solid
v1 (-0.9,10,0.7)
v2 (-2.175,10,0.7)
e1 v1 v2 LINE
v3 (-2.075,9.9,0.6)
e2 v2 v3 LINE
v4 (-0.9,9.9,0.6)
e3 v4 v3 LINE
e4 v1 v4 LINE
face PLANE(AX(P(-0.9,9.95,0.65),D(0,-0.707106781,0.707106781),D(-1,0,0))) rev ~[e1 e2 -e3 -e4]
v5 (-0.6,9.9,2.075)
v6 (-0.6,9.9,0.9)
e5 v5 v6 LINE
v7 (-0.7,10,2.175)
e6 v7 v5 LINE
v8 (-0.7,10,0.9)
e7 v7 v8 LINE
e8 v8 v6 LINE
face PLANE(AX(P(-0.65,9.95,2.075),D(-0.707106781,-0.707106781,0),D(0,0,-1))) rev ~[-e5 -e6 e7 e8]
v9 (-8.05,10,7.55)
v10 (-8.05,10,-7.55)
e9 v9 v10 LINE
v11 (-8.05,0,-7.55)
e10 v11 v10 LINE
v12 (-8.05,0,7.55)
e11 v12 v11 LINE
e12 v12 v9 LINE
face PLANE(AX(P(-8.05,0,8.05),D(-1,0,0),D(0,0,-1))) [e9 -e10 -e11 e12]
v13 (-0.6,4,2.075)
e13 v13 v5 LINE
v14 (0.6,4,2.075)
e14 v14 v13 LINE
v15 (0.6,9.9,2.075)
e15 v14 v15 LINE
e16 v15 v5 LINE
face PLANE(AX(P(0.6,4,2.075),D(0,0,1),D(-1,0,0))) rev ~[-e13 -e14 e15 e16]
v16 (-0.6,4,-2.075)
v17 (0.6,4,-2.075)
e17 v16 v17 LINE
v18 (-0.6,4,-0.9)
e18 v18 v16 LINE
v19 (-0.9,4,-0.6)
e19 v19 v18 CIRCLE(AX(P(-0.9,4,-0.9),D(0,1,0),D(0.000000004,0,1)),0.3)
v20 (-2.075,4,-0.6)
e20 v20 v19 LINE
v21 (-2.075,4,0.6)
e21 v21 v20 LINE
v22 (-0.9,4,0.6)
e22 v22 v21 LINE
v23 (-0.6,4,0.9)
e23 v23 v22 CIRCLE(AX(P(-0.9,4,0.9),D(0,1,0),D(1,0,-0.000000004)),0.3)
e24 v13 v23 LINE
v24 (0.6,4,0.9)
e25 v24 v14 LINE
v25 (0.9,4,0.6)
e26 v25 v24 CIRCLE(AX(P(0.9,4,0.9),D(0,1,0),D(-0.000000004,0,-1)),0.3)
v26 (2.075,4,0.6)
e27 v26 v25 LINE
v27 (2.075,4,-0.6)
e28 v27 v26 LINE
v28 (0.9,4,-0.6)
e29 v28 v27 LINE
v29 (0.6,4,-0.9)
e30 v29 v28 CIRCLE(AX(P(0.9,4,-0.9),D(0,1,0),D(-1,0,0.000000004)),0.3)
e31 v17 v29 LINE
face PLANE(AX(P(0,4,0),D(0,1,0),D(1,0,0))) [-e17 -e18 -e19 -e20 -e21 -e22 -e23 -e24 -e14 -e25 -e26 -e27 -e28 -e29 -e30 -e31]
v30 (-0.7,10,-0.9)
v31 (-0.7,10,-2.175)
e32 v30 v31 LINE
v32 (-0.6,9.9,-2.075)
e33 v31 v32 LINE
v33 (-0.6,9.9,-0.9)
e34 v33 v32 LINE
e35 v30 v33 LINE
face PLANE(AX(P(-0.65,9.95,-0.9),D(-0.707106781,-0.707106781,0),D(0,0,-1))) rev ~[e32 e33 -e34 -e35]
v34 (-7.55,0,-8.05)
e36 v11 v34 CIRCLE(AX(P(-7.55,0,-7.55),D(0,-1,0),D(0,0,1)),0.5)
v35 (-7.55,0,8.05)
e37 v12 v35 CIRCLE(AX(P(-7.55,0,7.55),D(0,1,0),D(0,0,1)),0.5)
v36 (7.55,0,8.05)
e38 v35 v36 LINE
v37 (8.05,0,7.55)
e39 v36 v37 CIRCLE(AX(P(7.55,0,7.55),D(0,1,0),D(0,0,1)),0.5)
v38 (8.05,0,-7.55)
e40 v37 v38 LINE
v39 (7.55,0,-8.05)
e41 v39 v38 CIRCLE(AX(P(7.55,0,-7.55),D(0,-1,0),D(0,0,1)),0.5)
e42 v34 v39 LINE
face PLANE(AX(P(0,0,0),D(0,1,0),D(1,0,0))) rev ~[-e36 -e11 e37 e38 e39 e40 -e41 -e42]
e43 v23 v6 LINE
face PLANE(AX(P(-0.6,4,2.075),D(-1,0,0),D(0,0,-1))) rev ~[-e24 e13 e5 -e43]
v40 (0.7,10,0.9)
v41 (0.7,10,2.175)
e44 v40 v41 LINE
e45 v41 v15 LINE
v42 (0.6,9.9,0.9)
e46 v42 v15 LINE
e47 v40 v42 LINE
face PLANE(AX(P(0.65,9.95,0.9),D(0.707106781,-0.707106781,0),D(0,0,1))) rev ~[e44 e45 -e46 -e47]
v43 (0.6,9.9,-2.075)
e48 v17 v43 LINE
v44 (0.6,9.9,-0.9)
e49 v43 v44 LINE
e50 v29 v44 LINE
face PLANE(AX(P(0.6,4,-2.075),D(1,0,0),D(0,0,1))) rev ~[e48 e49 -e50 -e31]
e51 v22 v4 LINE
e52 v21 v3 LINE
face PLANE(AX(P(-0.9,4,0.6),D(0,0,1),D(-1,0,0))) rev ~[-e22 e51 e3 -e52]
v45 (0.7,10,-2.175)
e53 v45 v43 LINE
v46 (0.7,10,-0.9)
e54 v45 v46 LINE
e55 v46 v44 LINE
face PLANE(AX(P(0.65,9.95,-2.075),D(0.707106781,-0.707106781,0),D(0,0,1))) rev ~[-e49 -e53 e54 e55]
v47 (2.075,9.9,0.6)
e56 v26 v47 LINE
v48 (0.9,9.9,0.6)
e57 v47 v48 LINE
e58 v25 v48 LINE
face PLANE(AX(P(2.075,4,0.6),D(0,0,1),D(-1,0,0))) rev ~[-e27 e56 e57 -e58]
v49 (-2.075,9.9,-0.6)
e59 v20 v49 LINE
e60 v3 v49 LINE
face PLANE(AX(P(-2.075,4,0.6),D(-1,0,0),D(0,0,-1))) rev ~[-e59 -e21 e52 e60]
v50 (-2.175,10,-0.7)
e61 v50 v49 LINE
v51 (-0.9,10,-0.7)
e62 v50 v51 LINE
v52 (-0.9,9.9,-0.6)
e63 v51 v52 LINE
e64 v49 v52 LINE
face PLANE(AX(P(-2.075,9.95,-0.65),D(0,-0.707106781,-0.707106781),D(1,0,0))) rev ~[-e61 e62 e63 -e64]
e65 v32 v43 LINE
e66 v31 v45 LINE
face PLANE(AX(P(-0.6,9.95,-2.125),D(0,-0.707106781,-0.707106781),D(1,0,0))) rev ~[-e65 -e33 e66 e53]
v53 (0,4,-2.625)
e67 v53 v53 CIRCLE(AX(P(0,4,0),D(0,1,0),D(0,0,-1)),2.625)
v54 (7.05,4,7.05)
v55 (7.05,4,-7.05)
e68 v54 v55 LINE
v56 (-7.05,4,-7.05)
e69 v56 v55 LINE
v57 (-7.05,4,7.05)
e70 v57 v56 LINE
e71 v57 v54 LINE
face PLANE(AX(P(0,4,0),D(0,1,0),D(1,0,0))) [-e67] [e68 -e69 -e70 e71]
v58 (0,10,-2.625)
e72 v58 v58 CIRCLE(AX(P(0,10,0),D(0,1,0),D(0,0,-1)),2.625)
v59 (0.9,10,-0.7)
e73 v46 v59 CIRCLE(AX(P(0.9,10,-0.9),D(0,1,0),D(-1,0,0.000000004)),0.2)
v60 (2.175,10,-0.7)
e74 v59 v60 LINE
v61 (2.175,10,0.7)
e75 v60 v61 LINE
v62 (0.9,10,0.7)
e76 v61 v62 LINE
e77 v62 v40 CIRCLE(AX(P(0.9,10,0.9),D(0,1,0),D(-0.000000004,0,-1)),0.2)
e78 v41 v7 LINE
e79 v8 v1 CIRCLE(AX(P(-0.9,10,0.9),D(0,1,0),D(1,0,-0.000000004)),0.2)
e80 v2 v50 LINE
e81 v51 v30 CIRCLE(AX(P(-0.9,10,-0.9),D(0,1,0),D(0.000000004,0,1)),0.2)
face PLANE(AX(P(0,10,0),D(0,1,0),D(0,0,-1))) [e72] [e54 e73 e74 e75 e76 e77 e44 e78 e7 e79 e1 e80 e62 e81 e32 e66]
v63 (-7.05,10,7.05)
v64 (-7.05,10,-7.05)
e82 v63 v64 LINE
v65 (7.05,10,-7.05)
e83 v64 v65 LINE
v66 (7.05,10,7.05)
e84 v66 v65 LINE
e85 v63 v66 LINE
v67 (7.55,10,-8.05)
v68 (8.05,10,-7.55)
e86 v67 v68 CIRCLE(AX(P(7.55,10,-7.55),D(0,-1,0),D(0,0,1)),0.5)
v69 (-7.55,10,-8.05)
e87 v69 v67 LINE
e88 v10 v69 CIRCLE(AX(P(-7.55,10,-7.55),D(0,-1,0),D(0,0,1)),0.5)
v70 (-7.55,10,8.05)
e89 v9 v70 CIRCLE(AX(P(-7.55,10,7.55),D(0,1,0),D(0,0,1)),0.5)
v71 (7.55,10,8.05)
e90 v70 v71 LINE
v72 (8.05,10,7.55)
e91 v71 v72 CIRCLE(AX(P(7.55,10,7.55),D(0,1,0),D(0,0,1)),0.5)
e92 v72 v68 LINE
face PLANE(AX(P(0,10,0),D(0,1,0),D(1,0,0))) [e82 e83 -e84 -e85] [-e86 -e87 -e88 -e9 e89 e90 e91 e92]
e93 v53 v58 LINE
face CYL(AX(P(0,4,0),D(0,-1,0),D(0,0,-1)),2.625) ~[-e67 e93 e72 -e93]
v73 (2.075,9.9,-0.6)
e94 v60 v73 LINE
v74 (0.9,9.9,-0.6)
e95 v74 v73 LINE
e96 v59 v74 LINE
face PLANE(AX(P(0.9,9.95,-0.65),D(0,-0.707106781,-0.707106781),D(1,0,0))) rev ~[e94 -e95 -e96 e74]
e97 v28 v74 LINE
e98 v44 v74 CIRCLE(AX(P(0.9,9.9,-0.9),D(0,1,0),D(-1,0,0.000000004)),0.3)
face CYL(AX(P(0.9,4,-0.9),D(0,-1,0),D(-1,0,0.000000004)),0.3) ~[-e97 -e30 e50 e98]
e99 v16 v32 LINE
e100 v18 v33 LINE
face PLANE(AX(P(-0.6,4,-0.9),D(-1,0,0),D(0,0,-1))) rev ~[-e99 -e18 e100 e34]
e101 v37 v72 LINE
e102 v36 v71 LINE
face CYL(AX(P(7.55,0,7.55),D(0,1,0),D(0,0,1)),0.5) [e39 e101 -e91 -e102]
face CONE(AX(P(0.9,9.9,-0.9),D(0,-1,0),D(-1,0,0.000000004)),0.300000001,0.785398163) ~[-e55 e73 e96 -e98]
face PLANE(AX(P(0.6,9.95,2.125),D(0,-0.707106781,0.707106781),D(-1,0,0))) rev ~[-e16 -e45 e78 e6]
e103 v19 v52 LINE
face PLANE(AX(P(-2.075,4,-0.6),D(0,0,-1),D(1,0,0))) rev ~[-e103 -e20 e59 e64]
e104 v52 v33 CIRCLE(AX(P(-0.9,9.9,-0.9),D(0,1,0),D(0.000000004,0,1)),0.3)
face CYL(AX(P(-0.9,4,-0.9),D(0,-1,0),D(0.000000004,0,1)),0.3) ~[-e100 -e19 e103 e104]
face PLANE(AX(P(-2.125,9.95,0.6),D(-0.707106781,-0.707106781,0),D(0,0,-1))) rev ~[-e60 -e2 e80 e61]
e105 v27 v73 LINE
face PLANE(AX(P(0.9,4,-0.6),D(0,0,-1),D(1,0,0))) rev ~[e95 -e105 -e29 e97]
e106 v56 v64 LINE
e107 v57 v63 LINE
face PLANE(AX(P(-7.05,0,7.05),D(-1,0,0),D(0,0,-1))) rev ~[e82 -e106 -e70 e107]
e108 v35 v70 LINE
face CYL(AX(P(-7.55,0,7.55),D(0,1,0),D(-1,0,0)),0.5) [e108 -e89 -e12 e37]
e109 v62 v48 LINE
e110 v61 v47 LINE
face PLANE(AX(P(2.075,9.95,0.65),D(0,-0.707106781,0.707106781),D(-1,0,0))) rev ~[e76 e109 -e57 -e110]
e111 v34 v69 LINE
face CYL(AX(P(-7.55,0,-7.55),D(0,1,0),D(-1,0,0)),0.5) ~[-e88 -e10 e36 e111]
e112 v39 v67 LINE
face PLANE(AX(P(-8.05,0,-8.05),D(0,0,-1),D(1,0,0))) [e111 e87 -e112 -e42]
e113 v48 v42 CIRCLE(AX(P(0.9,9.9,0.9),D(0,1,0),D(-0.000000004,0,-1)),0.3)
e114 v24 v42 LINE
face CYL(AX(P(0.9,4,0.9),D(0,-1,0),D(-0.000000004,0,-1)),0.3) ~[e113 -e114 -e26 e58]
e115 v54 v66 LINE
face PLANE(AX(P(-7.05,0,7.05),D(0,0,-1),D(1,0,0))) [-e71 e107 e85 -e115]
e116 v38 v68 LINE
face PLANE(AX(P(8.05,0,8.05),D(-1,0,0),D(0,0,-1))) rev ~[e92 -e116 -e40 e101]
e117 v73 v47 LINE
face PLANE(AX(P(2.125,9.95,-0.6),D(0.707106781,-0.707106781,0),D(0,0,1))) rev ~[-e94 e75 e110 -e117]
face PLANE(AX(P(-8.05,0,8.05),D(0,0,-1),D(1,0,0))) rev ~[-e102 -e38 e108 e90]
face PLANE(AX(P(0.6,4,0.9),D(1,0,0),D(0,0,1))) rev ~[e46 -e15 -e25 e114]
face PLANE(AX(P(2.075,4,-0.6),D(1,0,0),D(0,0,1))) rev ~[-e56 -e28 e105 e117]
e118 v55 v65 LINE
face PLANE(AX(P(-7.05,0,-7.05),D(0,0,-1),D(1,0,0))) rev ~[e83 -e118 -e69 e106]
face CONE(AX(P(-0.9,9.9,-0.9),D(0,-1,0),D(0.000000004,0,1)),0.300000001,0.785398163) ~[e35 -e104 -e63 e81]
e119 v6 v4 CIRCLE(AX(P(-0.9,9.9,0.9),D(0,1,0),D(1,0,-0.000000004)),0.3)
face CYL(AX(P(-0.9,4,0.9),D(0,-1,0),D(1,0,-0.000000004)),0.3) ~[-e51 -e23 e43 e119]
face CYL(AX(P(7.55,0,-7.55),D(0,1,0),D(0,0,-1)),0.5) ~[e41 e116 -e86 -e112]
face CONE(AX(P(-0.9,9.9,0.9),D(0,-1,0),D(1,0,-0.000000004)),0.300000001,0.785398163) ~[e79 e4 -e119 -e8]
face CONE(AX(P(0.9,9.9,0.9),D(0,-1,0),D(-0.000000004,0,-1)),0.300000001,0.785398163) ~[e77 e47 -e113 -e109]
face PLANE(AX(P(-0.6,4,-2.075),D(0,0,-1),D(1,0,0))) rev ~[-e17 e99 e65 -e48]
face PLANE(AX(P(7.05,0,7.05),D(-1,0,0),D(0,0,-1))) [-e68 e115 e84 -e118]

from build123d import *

# Parameters (mm, degrees)
SKETCH1_W           = 16.1
SKETCH1_H           = 16.1
SKETCH1_W_2         = 14.1
SKETCH1_H_2         = 14.1
BOSS_EXTRUDE1_DEPTH = 10
SKETCH1_2_W         = 14.1
SKETCH1_2_H         = 14.1
BOSS_EXTRUDE2_DEPTH = 4
SKETCH2_R           = 2.625
BOSS_EXTRUDE3_DEPTH = 6
CHAMFER1_SIZE       = 0.1
FILLET1_R           = 0.5


with BuildPart() as part:
    # Sketch1 → Boss-Extrude1 (new body)
    with BuildSketch(Plane(origin=(0, 0, 0), x_dir=(1, 0, 0), z_dir=(0, 1, 0))):
        Rectangle(SKETCH1_W, SKETCH1_H)
        Rectangle(SKETCH1_W_2, SKETCH1_H_2, mode=Mode.SUBTRACT)
    extrude(amount=BOSS_EXTRUDE1_DEPTH)

    # Sketch1<2> → Boss-Extrude2 (add)
    with BuildSketch(Plane(origin=(0, 0, 0), x_dir=(1, 0, 0), z_dir=(0, 1, 0))):
        Rectangle(SKETCH1_2_W, SKETCH1_2_H)
    extrude(amount=BOSS_EXTRUDE2_DEPTH)

    # Sketch2 → Boss-Extrude3 (add)
    with BuildSketch(Plane(origin=(0, 4, 0), x_dir=(1, 0, 0), z_dir=(0, 1, 0))):
        with Locations(Location((0, 0, 0), (0, 0, 90))):
            Circle(SKETCH2_R)
        with BuildLine():
            Line((-0.9, -0.6), (-2.075, -0.6))
            Line((-2.075, -0.6), (-2.075, 0.6))
            Line((-2.075, 0.6), (-0.9, 0.6))
            ThreePointArc((-0.9, 0.6), (-0.687867966, 0.687867966), (-0.6, 0.9))
            Line((-0.6, 0.9), (-0.6, 2.075))
            Line((-0.6, 2.075), (0.6, 2.075))
            Line((0.6, 2.075), (0.6, 0.9))
            ThreePointArc((0.6, 0.9), (0.687867966, 0.687867966), (0.9, 0.6))
            Line((0.9, 0.6), (2.075, 0.6))
            Line((2.075, 0.6), (2.075, -0.6))
            Line((2.075, -0.6), (0.9, -0.6))
            ThreePointArc((0.9, -0.6), (0.687867966, -0.687867966), (0.6, -0.9))
            Line((0.6, -0.9), (0.6, -2.075))
            Line((0.6, -2.075), (-0.6, -2.075))
            Line((-0.6, -2.075), (-0.6, -0.9))
            ThreePointArc((-0.6, -0.9), (-0.687867966, -0.687867966), (-0.9, -0.6))
        make_face(mode=Mode.SUBTRACT)
    extrude(amount=BOSS_EXTRUDE3_DEPTH)

    # Chamfer1
    chamfer1_edges = [part.edges().sort_by_distance(p)[0] for p in [
        (0.687867966, 10, 0.687867966),
        (0, 10, 2.075),
        (-0.6, 10, 1.4875),
        (-0.687867966, 10, 0.687867966),
        (-2.075, 10, 0),
        (-1.4875, 10, -0.6),
        (-0.687867966, 10, -0.687867966),
        (-0.6, 10, -1.4875),
        (0.687867966, 10, -0.687867966),
        (1.4875, 10, -0.6),
        (1.4875, 10, 0.6),
        (0.6, 10, 1.4875),
        (-1.4875, 10, 0.6),
        (0, 10, -2.075),
        (0.6, 10, -1.4875),
        (2.075, 10, 0),
    ]]
    chamfer(chamfer1_edges, length=CHAMFER1_SIZE)

    # Fillet1
    fillet1_edges = [part.edges().sort_by_distance(p)[0] for p in [
        (8.05, 5, 8.05),
        (-8.05, 5, 8.05),
        (-8.05, 5, -8.05),
        (8.05, 5, -8.05),
    ]]
    fillet(fillet1_edges, radius=FILLET1_R)


solid = part.part
